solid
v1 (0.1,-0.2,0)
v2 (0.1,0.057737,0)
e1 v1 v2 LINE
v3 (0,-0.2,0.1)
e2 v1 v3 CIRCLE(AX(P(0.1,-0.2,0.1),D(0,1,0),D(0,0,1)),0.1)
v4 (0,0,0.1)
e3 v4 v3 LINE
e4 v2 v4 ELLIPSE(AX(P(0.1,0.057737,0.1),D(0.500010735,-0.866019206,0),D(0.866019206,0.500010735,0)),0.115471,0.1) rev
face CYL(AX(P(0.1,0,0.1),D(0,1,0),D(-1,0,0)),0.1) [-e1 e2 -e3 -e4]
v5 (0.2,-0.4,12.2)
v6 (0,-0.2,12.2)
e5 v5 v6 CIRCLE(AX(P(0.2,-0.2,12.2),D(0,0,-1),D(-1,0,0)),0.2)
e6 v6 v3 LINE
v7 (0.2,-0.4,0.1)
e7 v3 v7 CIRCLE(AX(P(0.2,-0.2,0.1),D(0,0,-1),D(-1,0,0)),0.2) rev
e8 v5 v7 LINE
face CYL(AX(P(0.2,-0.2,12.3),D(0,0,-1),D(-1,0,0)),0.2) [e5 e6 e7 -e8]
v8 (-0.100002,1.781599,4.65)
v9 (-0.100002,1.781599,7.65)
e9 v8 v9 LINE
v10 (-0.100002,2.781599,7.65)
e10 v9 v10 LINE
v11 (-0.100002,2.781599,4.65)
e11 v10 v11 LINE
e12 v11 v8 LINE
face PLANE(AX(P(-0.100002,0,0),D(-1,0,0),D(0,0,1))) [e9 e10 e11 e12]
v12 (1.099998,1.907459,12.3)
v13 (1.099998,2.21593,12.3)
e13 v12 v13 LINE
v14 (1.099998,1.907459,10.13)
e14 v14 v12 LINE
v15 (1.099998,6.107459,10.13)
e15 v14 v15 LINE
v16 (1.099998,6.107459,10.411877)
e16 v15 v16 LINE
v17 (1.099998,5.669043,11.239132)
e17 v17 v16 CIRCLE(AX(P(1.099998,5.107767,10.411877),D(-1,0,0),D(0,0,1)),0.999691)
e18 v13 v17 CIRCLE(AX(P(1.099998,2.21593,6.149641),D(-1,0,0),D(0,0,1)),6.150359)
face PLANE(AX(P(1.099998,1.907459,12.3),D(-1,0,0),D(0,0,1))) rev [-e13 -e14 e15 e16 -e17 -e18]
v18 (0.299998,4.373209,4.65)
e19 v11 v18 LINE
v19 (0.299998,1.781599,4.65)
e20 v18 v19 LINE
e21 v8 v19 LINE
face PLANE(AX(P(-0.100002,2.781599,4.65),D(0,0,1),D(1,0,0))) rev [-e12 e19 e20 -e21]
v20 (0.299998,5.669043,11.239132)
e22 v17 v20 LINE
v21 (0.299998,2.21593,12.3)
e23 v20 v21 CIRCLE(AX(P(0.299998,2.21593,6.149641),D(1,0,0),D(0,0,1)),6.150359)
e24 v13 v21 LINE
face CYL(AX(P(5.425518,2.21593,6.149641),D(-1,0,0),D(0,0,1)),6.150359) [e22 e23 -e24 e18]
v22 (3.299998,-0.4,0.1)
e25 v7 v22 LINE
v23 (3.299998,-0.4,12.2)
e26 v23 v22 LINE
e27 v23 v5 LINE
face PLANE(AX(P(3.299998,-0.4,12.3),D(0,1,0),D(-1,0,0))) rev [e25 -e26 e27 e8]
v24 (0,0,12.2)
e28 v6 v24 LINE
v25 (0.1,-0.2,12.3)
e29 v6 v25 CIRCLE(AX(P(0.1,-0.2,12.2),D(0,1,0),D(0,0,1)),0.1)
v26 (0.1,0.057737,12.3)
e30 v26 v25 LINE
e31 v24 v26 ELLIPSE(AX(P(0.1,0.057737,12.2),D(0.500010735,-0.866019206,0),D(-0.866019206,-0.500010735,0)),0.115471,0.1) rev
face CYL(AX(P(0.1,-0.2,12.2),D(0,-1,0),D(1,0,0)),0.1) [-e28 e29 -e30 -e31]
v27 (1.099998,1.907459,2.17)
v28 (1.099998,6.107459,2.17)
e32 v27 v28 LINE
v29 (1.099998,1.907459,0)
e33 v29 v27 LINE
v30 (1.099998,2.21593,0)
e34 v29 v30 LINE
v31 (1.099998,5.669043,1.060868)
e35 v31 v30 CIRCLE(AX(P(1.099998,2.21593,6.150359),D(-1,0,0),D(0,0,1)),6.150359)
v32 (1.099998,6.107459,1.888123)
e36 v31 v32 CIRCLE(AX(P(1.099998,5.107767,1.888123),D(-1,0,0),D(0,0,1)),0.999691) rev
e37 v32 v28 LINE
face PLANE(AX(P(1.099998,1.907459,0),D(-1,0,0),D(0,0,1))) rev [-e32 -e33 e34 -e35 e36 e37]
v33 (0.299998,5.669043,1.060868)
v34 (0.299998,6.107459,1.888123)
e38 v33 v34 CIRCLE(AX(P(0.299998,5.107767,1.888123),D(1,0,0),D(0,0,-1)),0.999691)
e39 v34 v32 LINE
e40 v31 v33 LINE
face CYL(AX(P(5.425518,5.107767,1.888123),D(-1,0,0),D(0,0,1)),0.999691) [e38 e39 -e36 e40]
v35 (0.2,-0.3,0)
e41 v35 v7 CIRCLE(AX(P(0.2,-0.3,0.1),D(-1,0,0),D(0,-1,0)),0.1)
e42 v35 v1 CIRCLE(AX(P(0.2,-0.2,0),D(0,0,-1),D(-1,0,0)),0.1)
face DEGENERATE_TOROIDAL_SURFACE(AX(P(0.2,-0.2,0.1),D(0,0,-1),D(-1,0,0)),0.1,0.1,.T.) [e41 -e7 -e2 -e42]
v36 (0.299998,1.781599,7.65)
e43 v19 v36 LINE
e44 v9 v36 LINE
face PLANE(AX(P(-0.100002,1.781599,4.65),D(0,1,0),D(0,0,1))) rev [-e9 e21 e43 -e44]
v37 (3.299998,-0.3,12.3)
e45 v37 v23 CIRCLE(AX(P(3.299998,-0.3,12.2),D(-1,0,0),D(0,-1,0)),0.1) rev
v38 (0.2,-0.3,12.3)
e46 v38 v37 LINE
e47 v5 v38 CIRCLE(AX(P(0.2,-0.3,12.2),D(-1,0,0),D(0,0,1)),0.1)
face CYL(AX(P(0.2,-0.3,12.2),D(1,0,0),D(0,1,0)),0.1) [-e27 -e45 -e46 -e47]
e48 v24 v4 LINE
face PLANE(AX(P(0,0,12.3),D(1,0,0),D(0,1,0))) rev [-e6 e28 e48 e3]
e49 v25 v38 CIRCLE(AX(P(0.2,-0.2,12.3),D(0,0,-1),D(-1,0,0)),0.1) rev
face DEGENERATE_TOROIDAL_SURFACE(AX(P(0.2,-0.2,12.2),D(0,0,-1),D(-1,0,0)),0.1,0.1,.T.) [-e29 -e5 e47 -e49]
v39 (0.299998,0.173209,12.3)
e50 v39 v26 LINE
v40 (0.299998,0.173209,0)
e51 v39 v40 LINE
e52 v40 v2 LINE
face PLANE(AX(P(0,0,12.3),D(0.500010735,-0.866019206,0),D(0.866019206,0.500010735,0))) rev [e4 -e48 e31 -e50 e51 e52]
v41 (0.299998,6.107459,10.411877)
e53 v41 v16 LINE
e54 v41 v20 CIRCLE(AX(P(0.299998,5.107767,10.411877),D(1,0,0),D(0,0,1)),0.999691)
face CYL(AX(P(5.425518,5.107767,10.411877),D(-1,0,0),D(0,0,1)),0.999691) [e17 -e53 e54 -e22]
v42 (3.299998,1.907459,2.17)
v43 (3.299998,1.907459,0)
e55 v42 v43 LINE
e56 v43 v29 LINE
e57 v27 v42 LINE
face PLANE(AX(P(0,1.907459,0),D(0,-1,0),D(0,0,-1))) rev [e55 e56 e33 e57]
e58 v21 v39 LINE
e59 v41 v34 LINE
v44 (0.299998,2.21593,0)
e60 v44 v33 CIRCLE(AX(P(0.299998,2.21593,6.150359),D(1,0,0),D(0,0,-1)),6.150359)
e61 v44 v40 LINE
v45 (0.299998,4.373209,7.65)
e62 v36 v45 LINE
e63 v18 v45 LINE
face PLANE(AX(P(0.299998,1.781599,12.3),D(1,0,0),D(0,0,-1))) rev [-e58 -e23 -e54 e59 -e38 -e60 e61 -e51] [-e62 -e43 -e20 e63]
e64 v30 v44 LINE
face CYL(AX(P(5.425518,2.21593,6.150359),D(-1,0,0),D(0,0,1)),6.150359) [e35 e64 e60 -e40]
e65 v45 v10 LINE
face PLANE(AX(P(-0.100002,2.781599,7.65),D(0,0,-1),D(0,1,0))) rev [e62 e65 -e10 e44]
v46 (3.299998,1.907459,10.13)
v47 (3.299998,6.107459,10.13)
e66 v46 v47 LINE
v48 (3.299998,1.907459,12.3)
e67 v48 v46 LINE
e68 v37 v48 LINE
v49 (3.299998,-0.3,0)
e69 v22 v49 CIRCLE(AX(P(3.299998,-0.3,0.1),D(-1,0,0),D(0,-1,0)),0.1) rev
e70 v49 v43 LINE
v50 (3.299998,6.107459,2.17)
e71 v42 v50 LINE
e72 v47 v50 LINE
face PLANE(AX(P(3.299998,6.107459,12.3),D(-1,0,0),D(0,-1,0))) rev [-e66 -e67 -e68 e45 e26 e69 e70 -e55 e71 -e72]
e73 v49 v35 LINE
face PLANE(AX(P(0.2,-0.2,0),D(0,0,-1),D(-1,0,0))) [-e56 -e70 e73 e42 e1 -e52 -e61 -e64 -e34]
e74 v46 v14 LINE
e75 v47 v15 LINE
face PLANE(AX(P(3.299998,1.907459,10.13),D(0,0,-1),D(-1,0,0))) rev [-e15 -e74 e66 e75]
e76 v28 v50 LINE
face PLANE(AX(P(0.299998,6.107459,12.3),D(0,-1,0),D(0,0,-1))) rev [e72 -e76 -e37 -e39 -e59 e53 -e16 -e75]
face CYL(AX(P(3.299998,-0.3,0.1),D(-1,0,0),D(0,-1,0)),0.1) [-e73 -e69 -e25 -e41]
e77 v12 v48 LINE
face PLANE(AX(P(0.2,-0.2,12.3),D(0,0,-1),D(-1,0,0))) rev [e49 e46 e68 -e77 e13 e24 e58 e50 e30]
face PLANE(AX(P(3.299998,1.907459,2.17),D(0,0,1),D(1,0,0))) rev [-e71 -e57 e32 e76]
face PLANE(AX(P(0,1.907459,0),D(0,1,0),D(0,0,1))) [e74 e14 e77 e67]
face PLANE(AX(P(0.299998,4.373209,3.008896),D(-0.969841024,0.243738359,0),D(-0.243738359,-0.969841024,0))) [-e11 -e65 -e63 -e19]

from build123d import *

# Parameters (mm, degrees)
BOSS_EXTRUDE1_DEPTH = 12.3
SKETCH2_W           = 2.2
SKETCH2_H           = 2.17
CUT_EXTRUDE1_DEPTH  = 4.2
CUT_EXTRUDE3_DEPTH  = 0.8
SKETCH5_W           = 3
SKETCH5_H           = 1
BOSS_EXTRUDE2_DEPTH = 0.4
BOSS_EXTRUDE3_DEPTH = 3
FILLET1_R           = 0.1


with BuildPart() as part:
    # Sketch1 → Boss-Extrude1 (new body)
    with BuildSketch(Plane.XY):
        with BuildLine():
            Line((0, 0), (0.299997713, 0.173208719))
            Line((0.299997713, 0.173208719), (0.299997713, 1.781598719))
            Line((0.299997713, 1.781598719), (0.299997713, 6.107458719))
            Line((0.299997713, 6.107458719), (3.299997713, 6.107458719))
            Line((3.299997713, 6.107458719), (3.299997713, 0.646828719))
            Line((3.299997713, 0.646828719), (3.299997713, -0.4))
            Line((3.299997713, -0.4), (0.2, -0.4))
            ThreePointArc((0.2, -0.4), (0.058578644, -0.341421356), (0, -0.2))
            Line((0, -0.2), (0, 0))
        make_face()
    extrude(amount=BOSS_EXTRUDE1_DEPTH)

    # Sketch2 → Cut-Extrude1 (cut)
    with BuildSketch(Plane(origin=(0, 6.107458719, 0), x_dir=(1, 0, 0), z_dir=(0, 1, 0))):
        with Locations((2.199997713, -1.085)):
            Rectangle(SKETCH2_W, SKETCH2_H)
        with Locations((2.199997713, -11.215)):
            Rectangle(SKETCH2_W, SKETCH2_H)
    extrude(amount=-CUT_EXTRUDE1_DEPTH, mode=Mode.SUBTRACT)

    # Sketch4 → Cut-Extrude3 (cut)
    with BuildSketch(Plane.ZY.offset(-0.299997713)):
        with BuildLine():
            Line((10.41158, 6.107458719), (12.3, 6.107458719))
            Line((12.3, 6.107458719), (12.3, 2.215929667))
            ThreePointArc((12.3, 2.215929667), (12.02880398, 4.022129667), (11.23913234, 5.669043272))
            ThreePointArc((11.23913234, 5.669043272), (10.879869522, 5.991150317), (10.41158, 6.107458719))
        make_face()
        with BuildLine():
            Line((1.88842, 6.107458719), (0, 6.107458719))
            Line((0, 6.107458719), (0, 2.215929667))
            ThreePointArc((0, 2.215929667), (0.27119602, 4.022129667), (1.06086766, 5.669043272))
            ThreePointArc((1.06086766, 5.669043272), (1.420130478, 5.991150317), (1.88842, 6.107458719))
        make_face()
    extrude(amount=-CUT_EXTRUDE3_DEPTH, mode=Mode.SUBTRACT)

    # Sketch5 → Boss-Extrude2 (add)
    with BuildSketch(Plane.ZY.offset(-0.299997713)):
        with Locations((6.15, 2.281598719)):
            Rectangle(SKETCH5_W, SKETCH5_H)
    extrude(amount=BOSS_EXTRUDE2_DEPTH)

    # Sketch6 → Boss-Extrude3 (add)
    with BuildSketch(Plane.XY.offset(7.65)):
        Polygon((0.299997713, 2.781598719), (0.299997713, 4.373208719), (-0.100002287, 2.781598719), align=None)
    extrude(amount=-BOSS_EXTRUDE3_DEPTH)

    # Fillet1
    fillet1_edges = [part.edges().sort_by_distance(p)[0] for p in [
        (1.749998857, -0.4, 12.3),
        (1.749998857, -0.4, 0),
        (0.058578644, -0.341421356, 0),
        (0, -0.1, 0),
        (0, -0.1, 12.3),
        (0.058578644, -0.341421356, 12.3),
    ]]
    fillet(fillet1_edges, radius=FILLET1_R)


solid = part.part
